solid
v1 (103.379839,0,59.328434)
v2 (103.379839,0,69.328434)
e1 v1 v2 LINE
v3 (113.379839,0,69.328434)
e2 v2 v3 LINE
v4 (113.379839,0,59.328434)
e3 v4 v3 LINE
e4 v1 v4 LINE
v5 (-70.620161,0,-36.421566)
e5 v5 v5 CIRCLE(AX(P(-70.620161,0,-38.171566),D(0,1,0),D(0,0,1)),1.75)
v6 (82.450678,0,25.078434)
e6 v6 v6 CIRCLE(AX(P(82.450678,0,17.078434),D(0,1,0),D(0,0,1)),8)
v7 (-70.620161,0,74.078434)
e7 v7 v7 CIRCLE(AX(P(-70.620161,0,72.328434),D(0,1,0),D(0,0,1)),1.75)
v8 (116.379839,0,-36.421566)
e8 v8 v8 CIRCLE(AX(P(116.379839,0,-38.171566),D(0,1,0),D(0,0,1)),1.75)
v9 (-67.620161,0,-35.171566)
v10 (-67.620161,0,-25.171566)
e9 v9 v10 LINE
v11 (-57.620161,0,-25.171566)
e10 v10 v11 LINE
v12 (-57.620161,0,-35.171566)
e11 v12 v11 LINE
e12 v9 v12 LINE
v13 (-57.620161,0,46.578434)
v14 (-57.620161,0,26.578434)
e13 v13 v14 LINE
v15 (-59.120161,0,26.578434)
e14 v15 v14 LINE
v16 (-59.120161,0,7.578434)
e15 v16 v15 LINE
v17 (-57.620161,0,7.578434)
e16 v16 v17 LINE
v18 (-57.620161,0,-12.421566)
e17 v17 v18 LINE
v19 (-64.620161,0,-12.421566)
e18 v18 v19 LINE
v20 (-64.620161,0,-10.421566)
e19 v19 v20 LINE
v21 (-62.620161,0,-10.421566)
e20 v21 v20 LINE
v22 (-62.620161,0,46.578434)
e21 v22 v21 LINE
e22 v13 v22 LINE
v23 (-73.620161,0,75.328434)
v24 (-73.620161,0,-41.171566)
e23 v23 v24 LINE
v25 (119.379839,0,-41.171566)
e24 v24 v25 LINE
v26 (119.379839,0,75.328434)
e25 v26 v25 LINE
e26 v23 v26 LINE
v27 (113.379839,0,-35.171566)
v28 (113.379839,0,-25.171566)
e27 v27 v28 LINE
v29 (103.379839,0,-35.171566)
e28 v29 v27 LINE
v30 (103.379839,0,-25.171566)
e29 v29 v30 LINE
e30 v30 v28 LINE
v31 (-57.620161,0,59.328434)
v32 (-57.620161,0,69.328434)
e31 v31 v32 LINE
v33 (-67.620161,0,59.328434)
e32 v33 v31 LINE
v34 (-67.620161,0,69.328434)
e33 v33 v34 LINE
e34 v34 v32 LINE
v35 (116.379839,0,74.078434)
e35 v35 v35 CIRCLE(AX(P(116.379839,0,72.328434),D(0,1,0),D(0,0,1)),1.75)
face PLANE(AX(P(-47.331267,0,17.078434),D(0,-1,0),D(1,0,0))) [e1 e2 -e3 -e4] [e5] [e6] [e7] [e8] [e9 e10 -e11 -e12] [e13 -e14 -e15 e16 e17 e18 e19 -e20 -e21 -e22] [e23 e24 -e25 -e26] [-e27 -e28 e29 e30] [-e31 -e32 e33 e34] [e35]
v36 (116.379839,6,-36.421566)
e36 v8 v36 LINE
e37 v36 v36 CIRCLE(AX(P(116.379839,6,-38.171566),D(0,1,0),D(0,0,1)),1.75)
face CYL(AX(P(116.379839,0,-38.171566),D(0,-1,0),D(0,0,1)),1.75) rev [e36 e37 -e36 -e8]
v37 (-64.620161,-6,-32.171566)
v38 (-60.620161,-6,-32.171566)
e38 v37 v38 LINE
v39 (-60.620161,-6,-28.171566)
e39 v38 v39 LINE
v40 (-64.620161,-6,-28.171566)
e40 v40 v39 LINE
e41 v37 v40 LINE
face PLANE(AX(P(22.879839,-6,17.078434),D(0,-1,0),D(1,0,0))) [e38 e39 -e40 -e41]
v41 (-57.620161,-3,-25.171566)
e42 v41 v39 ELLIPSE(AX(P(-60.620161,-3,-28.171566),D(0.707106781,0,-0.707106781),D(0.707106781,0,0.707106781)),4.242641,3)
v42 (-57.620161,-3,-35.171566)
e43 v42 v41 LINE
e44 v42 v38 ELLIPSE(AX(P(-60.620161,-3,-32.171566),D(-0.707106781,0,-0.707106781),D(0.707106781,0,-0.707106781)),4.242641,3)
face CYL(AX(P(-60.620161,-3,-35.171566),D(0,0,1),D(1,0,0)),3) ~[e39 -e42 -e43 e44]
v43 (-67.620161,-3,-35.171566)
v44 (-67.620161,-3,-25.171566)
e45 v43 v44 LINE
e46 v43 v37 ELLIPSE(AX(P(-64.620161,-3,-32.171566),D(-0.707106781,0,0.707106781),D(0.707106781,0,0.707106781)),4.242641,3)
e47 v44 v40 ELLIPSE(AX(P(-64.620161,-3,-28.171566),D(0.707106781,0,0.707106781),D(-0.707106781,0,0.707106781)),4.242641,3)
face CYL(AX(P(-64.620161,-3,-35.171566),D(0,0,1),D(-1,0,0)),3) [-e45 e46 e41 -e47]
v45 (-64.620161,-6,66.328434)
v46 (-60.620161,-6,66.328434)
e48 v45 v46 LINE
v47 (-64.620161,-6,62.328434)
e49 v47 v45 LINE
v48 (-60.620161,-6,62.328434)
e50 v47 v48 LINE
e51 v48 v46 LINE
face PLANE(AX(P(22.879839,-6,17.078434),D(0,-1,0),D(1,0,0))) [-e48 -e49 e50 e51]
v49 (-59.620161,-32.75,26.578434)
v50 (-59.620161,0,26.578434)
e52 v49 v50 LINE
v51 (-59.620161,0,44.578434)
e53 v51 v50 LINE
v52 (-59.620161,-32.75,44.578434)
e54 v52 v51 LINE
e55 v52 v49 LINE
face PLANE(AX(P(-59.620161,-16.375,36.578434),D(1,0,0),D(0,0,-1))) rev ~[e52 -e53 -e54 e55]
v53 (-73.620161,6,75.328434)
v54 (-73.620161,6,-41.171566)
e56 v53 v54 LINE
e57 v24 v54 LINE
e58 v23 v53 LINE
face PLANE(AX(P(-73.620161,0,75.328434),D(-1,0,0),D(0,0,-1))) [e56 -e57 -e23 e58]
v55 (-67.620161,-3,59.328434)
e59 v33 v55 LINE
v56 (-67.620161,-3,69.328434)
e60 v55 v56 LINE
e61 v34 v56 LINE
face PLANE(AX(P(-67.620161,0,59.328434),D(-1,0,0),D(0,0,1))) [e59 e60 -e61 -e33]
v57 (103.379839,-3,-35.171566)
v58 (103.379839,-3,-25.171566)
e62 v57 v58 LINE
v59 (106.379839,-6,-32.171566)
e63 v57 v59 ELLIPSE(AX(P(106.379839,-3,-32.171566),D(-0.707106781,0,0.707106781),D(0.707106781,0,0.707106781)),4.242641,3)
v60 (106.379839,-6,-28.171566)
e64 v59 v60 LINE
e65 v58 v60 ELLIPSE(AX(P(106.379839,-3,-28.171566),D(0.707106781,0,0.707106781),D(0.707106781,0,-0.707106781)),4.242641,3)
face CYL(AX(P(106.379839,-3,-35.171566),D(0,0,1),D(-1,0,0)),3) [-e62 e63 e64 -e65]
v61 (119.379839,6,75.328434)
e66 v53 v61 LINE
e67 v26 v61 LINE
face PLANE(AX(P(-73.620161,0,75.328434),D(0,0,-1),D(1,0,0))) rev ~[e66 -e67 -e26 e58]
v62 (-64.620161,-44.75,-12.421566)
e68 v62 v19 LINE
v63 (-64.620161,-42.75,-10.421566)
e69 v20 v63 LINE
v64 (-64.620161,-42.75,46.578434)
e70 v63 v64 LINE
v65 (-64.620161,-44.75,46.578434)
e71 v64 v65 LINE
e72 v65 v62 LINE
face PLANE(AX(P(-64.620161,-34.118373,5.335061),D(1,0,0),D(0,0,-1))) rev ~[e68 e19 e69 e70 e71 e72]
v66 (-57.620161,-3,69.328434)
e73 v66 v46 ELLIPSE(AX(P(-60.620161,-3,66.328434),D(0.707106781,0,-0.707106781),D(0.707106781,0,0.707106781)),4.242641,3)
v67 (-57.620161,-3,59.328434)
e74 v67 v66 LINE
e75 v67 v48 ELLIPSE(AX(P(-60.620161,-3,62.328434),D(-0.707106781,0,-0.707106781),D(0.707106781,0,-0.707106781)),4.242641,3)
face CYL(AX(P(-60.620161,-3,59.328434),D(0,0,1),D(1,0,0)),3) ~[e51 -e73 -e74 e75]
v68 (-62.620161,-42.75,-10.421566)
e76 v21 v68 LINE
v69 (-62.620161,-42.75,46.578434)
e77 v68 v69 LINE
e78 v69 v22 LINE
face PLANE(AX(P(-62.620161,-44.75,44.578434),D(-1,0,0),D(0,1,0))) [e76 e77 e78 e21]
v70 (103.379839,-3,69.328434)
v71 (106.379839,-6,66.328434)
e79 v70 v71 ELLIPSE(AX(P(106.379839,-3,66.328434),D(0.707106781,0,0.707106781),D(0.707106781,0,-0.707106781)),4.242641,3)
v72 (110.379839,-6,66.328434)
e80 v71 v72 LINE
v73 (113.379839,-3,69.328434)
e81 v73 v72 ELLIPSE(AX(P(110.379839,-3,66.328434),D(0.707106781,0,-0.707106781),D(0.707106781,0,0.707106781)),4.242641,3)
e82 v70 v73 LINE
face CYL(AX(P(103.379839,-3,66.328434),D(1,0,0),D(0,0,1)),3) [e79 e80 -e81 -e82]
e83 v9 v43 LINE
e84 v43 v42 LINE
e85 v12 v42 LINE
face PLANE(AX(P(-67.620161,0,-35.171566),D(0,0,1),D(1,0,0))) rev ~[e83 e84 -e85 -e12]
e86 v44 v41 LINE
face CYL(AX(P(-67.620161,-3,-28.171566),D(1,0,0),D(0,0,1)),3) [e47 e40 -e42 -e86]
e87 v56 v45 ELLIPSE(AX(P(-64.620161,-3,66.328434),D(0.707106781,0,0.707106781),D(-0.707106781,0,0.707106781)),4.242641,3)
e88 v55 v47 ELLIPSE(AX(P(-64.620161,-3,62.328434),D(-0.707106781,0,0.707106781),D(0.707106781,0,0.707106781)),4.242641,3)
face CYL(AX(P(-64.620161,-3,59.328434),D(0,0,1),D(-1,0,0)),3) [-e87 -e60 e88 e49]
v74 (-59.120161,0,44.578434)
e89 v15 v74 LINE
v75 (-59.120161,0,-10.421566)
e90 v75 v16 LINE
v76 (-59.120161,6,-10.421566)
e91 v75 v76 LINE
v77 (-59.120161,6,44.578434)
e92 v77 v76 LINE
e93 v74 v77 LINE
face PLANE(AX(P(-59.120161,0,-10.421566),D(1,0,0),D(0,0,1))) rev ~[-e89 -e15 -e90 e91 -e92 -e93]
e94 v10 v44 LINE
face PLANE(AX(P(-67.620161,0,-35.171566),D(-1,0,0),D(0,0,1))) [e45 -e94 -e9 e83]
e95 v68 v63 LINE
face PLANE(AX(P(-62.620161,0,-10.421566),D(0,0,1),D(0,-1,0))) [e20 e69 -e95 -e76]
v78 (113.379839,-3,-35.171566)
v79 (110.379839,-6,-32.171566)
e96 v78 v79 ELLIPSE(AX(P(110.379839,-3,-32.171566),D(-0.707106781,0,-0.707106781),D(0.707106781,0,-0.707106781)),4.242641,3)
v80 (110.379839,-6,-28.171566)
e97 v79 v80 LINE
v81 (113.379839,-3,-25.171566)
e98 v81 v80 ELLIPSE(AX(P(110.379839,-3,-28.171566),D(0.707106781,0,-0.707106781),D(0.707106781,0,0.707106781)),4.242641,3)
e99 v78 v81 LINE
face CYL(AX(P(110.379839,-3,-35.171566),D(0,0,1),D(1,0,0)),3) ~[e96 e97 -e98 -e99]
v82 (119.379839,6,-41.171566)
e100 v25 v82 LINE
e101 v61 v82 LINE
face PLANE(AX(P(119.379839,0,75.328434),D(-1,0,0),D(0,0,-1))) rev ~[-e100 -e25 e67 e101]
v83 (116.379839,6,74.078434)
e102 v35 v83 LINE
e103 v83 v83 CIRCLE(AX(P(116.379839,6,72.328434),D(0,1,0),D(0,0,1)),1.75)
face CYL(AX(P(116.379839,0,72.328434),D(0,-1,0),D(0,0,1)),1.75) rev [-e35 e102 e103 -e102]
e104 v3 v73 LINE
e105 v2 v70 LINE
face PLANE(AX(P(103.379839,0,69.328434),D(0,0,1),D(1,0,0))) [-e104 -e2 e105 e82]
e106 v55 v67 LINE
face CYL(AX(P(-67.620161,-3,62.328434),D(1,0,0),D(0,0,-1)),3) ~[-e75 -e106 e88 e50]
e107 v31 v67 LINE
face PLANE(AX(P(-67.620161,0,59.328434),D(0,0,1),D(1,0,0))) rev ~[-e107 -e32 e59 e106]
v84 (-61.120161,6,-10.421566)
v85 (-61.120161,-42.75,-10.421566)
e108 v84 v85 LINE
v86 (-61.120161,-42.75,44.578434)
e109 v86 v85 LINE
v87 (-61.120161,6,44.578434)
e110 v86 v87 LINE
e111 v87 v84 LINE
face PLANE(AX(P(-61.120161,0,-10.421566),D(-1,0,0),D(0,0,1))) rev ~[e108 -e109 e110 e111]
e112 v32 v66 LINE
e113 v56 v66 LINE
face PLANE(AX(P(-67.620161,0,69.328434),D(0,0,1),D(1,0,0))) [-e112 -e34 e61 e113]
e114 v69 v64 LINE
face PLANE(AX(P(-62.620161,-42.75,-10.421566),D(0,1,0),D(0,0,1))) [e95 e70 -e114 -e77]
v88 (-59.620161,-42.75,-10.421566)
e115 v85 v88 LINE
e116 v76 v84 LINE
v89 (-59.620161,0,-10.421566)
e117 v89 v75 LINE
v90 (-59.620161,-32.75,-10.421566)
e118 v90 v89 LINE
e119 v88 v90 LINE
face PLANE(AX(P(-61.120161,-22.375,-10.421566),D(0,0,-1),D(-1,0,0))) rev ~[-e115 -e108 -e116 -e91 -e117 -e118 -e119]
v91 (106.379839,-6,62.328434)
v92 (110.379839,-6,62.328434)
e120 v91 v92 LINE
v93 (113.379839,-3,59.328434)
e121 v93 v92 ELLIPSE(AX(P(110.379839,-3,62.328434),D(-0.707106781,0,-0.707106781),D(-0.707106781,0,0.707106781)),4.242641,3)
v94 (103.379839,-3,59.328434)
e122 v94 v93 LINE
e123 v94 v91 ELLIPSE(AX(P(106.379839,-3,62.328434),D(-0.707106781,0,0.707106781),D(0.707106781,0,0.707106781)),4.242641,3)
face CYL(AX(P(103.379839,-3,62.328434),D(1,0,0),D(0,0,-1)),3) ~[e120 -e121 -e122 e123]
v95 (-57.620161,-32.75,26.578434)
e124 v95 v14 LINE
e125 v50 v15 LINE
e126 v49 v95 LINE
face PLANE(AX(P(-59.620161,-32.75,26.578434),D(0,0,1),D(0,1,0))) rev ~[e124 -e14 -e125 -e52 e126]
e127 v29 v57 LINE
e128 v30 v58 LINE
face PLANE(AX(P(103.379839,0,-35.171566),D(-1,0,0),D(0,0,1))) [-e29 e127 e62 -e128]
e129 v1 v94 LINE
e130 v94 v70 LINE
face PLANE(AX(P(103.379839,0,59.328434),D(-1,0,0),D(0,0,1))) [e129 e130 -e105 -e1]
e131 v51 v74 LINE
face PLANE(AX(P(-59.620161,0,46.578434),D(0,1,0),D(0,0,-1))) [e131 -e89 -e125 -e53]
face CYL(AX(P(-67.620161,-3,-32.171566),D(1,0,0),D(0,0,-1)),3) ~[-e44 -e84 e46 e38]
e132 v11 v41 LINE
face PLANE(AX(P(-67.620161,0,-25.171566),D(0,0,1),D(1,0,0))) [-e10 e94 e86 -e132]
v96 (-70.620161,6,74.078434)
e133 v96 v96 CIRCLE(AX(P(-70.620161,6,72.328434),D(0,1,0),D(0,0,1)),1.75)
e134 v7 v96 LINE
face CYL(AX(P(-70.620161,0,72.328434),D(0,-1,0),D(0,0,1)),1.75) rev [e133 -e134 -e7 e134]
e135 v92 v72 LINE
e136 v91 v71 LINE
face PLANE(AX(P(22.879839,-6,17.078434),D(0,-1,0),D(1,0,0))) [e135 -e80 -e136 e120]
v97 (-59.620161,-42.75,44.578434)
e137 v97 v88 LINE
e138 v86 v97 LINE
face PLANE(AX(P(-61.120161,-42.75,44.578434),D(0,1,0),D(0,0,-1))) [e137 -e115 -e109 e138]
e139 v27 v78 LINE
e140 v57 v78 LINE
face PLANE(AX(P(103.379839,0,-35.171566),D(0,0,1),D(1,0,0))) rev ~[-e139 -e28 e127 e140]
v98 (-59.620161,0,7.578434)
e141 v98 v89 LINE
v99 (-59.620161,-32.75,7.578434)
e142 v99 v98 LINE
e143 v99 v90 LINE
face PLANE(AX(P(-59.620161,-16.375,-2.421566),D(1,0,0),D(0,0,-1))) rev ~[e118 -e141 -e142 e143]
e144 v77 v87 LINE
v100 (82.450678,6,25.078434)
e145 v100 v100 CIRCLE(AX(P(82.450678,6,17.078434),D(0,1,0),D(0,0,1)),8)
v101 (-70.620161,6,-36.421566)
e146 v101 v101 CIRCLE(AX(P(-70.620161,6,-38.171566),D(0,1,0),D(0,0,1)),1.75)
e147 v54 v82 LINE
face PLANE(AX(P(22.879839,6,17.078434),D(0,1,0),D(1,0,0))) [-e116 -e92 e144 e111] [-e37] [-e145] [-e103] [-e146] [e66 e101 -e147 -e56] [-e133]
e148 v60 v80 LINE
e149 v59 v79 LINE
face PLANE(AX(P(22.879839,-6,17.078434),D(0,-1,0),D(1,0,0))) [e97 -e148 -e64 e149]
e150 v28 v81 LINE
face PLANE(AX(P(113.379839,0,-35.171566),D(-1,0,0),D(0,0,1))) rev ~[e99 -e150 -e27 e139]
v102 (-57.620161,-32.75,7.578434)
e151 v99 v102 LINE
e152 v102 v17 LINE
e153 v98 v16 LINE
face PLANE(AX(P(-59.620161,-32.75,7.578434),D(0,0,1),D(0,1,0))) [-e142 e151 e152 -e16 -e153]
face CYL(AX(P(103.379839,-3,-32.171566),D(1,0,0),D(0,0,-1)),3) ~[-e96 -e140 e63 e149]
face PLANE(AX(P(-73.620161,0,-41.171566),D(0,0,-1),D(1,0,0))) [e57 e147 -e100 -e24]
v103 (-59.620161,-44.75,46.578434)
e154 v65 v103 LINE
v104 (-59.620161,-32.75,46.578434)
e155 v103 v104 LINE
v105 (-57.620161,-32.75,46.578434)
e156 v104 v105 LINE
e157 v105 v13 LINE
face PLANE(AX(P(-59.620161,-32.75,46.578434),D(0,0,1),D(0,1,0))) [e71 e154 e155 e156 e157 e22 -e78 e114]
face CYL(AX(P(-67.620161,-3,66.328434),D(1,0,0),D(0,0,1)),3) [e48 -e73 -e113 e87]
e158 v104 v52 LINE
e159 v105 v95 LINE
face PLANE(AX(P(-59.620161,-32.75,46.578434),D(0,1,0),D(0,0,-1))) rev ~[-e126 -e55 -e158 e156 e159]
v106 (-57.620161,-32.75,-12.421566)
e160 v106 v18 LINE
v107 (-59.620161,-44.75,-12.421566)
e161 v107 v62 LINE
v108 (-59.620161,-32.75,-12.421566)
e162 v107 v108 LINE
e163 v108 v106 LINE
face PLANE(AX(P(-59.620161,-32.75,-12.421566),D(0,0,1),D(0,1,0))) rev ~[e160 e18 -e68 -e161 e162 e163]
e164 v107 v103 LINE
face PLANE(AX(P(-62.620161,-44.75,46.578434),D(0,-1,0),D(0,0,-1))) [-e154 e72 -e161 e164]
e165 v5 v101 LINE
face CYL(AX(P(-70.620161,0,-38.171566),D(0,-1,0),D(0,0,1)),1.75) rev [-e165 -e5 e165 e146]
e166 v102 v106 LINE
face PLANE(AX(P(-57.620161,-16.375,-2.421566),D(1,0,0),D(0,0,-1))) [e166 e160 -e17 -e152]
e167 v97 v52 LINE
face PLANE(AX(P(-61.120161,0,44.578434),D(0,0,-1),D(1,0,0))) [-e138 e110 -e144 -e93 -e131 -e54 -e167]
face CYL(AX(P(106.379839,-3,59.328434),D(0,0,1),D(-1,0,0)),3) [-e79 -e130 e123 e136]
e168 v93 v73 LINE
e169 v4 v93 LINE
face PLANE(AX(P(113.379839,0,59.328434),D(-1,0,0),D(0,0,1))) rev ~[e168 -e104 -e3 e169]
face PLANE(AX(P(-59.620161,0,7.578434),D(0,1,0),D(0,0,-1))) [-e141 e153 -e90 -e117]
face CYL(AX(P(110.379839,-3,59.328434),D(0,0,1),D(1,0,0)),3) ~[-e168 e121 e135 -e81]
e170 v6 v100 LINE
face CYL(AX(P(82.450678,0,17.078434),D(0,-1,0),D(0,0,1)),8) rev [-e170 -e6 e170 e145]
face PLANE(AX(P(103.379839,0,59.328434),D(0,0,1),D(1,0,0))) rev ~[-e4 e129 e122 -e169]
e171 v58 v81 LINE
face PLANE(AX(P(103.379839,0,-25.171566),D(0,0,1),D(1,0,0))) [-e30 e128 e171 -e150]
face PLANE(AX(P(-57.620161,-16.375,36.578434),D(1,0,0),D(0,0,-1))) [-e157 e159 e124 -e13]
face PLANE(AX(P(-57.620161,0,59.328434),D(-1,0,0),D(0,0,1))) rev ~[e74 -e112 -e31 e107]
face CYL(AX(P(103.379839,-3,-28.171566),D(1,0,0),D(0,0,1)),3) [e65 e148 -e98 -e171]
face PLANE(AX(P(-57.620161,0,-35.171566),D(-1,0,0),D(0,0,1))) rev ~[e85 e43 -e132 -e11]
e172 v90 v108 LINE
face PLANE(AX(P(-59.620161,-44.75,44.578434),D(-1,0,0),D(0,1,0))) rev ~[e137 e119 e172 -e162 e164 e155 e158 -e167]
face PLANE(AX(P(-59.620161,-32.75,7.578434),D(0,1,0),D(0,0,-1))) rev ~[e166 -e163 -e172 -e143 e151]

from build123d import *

# Parameters (mm, degrees)
SKETCH1_W            = 193
SKETCH1_H            = 116.5
SKETCH1_R            = 1.75
SKETCH1_R_2          = 8
SKETCH1_W_2          = 2
SKETCH1_H_2          = 55
BOSS_EXTRUDE1_DEPTH  = 6
SKETCH3_W            = 10
SKETCH3_H            = 10
BOSS_EXTRUDE3_DEPTH  = 10
SKETCH5_W            = 2
SKETCH5_H            = 55
BOSS_EXTRUDE4_DEPTH  = 6
SKETCH6_W            = 181
SKETCH6_H            = 104.5
CUT_EXTRUDE1_DEPTH   = 4
SKETCH7_W            = 1.5
SKETCH7_H            = 55
BOSS_EXTRUDE5_DEPTH  = 44.75
SKETCH8_W            = 2
SKETCH8_H            = 55
CUT_EXTRUDE2_DEPTH   = 42.25
FILLET3_R            = 3
SKETCH12_W           = 55
SKETCH12_H           = 2
BOSS_EXTRUDE6_DEPTH  = 1.5
SKETCH14_W           = 3
SKETCH14_H           = 44.75
BOSS_EXTRUDE7_DEPTH  = 2
SKETCH15_W           = 3
SKETCH15_H           = 44.75
BOSS_EXTRUDE8_DEPTH  = 2
BOSS_EXTRUDE9_DEPTH  = 2
SKETCH18_W           = 20
SKETCH18_H           = 32.75
BOSS_EXTRUDE10_DEPTH = 2


with BuildPart() as part:
    # Sketch1 → Boss-Extrude1 (new body)
    with BuildSketch(Plane(origin=(0, 0, 0), x_dir=(1, 0, 0), z_dir=(0, 1, 0))):
        with Locations((22.87983871, -17.078434096)):
            Rectangle(SKETCH1_W, SKETCH1_H)
        with Locations(Location((-70.62016129, -72.328434096, 0), (0, 0, 270))):
            Circle(SKETCH1_R, mode=Mode.SUBTRACT)
        with Locations(Location((-70.62016129, 38.171565904, 0), (0, 0, 270))):
            Circle(SKETCH1_R, mode=Mode.SUBTRACT)
        with Locations(Location((116.37983871, -72.328434096, 0), (0, 0, 270))):
            Circle(SKETCH1_R, mode=Mode.SUBTRACT)
        with Locations(Location((116.37983871, 38.171565904, 0), (0, 0, 270))):
            Circle(SKETCH1_R, mode=Mode.SUBTRACT)
        with Locations(Location((82.450678359, -17.078434096, 0), (0, 0, 270))):
            Circle(SKETCH1_R_2, mode=Mode.SUBTRACT)
        with Locations((-47.331266899, -17.078434096)):
            Rectangle(SKETCH1_W_2, SKETCH1_H_2, mode=Mode.SUBTRACT)
    extrude(amount=BOSS_EXTRUDE1_DEPTH)

    # Sketch3 → Boss-Extrude3 (add)
    with BuildSketch(Plane.XZ):
        with Locations((-62.62016129, 64.328434096)):
            Rectangle(SKETCH3_W, SKETCH3_H)
        with Locations((-62.62016129, -30.171565904)):
            Rectangle(SKETCH3_W, SKETCH3_H)
        with Locations((108.37983871, -30.171565904)):
            Rectangle(SKETCH3_W, SKETCH3_H)
        with Locations((108.37983871, 64.328434096)):
            Rectangle(SKETCH3_W, SKETCH3_H)
    extrude(amount=BOSS_EXTRUDE3_DEPTH)

    # Sketch5 → Boss-Extrude4 (add)
    with BuildSketch(Plane.XZ):
        with Locations((-47.331266899, 17.078434096)):
            Rectangle(SKETCH5_W, SKETCH5_H)
    extrude(amount=-BOSS_EXTRUDE4_DEPTH)

    # Sketch6 → Cut-Extrude1 (cut)
    with BuildSketch(Plane.XZ.offset(10)):
        with Locations((22.87983871, 17.078434096)):
            Rectangle(SKETCH6_W, SKETCH6_H)
    extrude(amount=-CUT_EXTRUDE1_DEPTH, mode=Mode.SUBTRACT)

    # Sketch7 → Boss-Extrude5 (add)
    with BuildSketch(Plane.XZ):
        with Locations((-61.87016129, 17.078434096)):
            Rectangle(SKETCH7_W, SKETCH7_H)
    extrude(amount=BOSS_EXTRUDE5_DEPTH)

    # Sketch8 → Cut-Extrude2 (cut)
    with BuildSketch(Plane.XZ):
        with Locations((-60.12016129, 17.078434096)):
            Rectangle(SKETCH8_W, SKETCH8_H)
    extrude(amount=-CUT_EXTRUDE2_DEPTH, mode=Mode.SUBTRACT)

    # Fillet3
    fillet3_edges = [part.edges().sort_by_distance(p)[0] for p in [
        (-67.62016129, -6, 64.328434096),
        (-67.62016129, -6, -30.171565904),
        (-62.62016129, -6, -35.171565904),
        (108.37983871, -6, -35.171565904),
        (-62.62016129, -6, 69.328434096),
        (108.37983871, -6, 69.328434096),
        (113.37983871, -6, -30.171565904),
        (113.37983871, -6, 64.328434096),
        (-62.62016129, -6, 59.328434096),
        (-57.62016129, -6, 64.328434096),
        (103.37983871, -6, 64.328434096),
        (108.37983871, -6, 59.328434096),
        (108.37983871, -6, -25.171565904),
        (103.37983871, -6, -30.171565904),
        (-57.62016129, -6, -30.171565904),
        (-62.62016129, -6, -25.171565904),
    ]]
    fillet(fillet3_edges, radius=FILLET3_R)

    # Sketch12 → Boss-Extrude6 (add)
    with BuildSketch(Plane(origin=(-61.12016129, 0, 0), x_dir=(0, 0, -1), z_dir=(1, 0, 0))):
        with Locations((-17.078434096, -43.75)):
            Rectangle(SKETCH12_W, SKETCH12_H)
    extrude(amount=BOSS_EXTRUDE6_DEPTH)

    # Sketch14 → Boss-Extrude7 (add)
    with BuildSketch(Plane(origin=(0, 0, -10.421565904), x_dir=(-1, 0, 0), z_dir=(0, 0, -1))):
        with Locations((61.12016129, -22.375)):
            Rectangle(SKETCH14_W, SKETCH14_H)
    extrude(amount=BOSS_EXTRUDE7_DEPTH)

    # Sketch15 → Boss-Extrude8 (add)
    with BuildSketch(Plane.XY.offset(44.578434096)):
        with Locations((-61.12016129, -22.375)):
            Rectangle(SKETCH15_W, SKETCH15_H)
    extrude(amount=BOSS_EXTRUDE8_DEPTH)

    # Sketch16 → Boss-Extrude9 (add)
    with BuildSketch(Plane.ZY.offset(62.62016129)):
        Polygon((-10.421565904, 0), (-10.421565904, -42.75), (46.578434096, -42.75), (46.578434096, -44.75), (-12.421565904, -44.75), (-12.421565904, 0), align=None)
    extrude(amount=BOSS_EXTRUDE9_DEPTH)

    # Sketch18 → Boss-Extrude10 (add)
    with BuildSketch(Plane(origin=(-59.62016129, 0, 0), x_dir=(0, 0, -1), z_dir=(1, 0, 0))):
        with Locations((-36.578434096, -16.375)):
            Rectangle(SKETCH18_W, SKETCH18_H)
        with Locations((2.421565904, -16.375)):
            Rectangle(SKETCH18_W, SKETCH18_H)
    extrude(amount=BOSS_EXTRUDE10_DEPTH)


solid = part.part
